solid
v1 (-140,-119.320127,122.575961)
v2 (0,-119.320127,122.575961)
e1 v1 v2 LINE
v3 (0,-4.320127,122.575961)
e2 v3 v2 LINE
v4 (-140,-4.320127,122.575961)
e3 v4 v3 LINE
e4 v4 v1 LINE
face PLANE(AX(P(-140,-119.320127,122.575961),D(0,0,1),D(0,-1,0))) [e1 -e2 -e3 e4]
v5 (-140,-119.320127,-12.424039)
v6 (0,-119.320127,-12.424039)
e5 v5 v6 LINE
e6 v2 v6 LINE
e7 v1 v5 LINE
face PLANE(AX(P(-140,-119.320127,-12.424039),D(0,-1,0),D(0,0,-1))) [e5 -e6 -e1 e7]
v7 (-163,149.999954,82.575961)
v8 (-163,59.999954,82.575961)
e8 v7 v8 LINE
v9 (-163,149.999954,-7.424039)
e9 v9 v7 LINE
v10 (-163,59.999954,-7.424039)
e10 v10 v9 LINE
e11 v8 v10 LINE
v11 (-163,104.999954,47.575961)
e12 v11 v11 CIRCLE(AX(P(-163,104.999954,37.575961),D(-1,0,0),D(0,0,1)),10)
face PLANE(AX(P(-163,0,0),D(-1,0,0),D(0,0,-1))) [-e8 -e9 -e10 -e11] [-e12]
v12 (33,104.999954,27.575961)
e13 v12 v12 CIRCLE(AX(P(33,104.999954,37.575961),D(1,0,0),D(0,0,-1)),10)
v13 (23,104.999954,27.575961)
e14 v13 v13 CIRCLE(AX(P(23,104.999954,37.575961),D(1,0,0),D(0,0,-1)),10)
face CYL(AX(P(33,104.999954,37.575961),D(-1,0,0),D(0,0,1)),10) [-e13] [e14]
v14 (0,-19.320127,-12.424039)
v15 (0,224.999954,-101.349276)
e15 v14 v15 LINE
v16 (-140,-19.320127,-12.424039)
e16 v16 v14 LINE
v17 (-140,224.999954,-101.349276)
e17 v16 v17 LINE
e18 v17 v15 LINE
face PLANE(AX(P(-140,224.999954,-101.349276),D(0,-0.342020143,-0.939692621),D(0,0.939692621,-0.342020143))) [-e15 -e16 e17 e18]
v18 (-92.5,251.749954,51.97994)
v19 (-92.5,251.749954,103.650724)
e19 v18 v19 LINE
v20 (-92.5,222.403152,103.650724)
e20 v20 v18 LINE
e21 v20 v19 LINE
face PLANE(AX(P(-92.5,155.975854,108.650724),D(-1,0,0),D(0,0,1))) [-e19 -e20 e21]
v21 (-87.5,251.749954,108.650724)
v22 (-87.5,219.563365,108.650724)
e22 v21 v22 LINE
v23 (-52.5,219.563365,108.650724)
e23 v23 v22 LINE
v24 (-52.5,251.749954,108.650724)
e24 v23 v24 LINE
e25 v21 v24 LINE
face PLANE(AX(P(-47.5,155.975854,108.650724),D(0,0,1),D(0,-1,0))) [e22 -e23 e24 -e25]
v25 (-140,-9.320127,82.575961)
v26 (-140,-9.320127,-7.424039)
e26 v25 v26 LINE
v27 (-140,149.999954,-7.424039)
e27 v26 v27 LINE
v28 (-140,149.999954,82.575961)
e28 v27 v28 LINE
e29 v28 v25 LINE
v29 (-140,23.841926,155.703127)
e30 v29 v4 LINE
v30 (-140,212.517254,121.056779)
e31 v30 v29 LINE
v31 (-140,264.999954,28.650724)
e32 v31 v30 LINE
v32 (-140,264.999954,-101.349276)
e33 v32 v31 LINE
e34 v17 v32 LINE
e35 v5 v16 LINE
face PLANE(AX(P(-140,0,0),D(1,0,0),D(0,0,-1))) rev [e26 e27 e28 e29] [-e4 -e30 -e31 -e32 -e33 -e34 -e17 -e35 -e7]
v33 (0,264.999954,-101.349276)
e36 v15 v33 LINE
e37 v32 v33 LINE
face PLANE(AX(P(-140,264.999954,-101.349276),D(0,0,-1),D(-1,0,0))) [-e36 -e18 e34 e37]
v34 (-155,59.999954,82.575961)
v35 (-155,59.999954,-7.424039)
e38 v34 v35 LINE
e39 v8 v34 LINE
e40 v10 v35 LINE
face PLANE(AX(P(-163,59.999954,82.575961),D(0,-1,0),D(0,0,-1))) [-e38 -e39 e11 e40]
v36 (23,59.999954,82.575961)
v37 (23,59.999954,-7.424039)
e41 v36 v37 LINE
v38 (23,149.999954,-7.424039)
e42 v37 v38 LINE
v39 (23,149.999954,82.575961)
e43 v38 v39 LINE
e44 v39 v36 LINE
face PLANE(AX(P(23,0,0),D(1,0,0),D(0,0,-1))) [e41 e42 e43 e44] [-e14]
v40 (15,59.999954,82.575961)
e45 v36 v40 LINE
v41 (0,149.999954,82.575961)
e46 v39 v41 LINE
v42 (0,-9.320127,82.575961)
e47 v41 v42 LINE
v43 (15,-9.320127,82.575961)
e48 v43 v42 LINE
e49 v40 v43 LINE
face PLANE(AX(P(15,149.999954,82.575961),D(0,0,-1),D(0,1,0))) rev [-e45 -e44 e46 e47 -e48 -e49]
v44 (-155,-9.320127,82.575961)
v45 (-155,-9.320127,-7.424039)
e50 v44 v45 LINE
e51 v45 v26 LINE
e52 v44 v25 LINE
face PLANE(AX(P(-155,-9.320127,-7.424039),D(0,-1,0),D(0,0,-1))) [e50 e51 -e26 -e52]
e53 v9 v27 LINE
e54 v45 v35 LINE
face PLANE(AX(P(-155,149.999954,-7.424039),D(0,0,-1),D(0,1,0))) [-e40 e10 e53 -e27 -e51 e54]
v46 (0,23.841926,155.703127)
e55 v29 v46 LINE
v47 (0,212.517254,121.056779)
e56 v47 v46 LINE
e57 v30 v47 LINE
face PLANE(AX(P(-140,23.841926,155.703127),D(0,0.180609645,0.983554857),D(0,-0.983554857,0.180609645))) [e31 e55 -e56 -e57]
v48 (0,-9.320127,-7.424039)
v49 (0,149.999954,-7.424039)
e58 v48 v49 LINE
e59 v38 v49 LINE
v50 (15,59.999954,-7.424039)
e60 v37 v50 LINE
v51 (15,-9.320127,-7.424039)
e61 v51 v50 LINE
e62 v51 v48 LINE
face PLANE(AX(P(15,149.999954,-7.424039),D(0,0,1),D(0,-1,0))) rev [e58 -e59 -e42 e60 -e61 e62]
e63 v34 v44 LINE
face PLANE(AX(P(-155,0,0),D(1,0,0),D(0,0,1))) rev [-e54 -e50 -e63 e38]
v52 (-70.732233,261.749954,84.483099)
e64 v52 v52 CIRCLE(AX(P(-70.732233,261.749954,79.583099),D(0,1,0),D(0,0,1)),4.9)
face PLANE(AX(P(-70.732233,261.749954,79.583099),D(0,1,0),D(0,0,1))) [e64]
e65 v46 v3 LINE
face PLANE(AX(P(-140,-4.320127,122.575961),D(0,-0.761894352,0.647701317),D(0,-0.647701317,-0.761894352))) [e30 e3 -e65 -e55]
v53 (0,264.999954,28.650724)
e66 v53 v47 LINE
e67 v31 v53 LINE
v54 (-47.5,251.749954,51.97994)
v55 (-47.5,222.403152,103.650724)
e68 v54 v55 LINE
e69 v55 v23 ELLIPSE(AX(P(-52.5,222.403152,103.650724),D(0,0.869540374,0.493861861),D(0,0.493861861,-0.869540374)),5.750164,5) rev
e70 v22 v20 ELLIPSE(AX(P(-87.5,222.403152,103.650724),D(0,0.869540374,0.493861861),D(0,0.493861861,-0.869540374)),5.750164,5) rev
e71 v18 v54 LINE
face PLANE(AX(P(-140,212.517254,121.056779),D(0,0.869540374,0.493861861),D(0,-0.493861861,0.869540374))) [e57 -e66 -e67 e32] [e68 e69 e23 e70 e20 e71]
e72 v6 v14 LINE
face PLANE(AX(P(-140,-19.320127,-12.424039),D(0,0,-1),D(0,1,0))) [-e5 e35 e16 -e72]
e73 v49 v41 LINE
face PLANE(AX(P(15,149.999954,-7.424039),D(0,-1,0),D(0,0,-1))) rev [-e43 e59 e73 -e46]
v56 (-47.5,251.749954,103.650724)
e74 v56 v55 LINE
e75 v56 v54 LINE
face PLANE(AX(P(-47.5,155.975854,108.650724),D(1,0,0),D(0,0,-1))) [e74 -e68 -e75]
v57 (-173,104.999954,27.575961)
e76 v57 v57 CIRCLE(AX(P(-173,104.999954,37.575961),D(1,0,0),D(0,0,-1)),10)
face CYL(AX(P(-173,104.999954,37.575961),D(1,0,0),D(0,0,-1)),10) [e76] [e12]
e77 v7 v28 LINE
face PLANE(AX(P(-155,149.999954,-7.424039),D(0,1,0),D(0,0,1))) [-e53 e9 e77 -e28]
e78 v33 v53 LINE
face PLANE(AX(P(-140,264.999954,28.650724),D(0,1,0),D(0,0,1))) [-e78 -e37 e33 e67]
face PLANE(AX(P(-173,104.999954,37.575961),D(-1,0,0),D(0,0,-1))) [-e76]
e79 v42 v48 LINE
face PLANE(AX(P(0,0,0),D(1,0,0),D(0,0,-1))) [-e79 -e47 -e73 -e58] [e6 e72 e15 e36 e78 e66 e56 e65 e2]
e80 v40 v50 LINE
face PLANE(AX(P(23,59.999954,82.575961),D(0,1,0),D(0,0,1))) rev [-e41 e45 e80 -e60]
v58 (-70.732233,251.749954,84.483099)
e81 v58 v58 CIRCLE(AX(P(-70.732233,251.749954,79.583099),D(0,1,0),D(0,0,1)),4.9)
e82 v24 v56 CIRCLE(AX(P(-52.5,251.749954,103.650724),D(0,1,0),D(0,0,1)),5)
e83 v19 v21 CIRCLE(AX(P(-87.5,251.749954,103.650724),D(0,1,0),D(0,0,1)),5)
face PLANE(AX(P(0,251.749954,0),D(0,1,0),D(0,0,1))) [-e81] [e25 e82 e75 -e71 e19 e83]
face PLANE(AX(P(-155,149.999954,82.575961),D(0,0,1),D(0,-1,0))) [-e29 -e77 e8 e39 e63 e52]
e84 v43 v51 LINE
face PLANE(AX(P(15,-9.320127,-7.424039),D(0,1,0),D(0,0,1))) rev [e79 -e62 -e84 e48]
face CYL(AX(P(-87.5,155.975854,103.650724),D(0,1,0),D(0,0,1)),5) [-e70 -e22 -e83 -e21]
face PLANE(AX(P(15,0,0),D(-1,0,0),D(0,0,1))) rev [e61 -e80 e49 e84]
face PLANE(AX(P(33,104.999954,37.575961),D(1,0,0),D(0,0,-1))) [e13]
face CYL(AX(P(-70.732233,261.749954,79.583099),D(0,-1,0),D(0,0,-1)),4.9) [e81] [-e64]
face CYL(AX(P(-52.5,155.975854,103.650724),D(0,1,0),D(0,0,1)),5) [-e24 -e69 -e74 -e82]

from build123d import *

# Parameters (mm, degrees)
BOSS_EXTRUDE1_DEPTH = 140
BOSS_EXTRUDE2_REACH = 428.071
SKETCH2_W           = 45
SKETCH2_H           = 60
FILLET3_R           = 5
SKETCH3_R           = 4.9
BOSS_EXTRUDE3_DEPTH = 10
SKETCH5_W           = 90
SKETCH5_H           = 159.320081404
BOSS_EXTRUDE4_DEPTH = 15
SKETCH6_W           = 90
SKETCH6_H           = 90
BOSS_EXTRUDE5_DEPTH = 8
SKETCH7_R           = 10
BOSS_EXTRUDE6_DEPTH = 10


with BuildPart() as part:
    # Sketch1 → Boss-Extrude1 (new body)
    with BuildSketch(Plane(origin=(0, 0, 0), x_dir=(0, 0, -1), z_dir=(1, 0, 0))):
        Polygon((-28.65072374, 264.999954135), (101.34927626, 264.999954135), (101.34927626, 224.999954135), (12.424038995, -19.320127269), (12.424038995, -119.320127269), (-122.575961005, -119.320127269), (-122.575961005, -4.320127269), (-155.703127425, 23.841926011), (-121.056779311, 212.517254187), align=None)
    extrude(amount=-BOSS_EXTRUDE1_DEPTH)

    # Boss-Extrude2: up to this face of the body (flat: up to its plane)
    boss_extrude2_end = Plane(part.part.faces().sort_by_distance((-70, 238.758604161, 74.853751525))[0])
    # Sketch2 → Boss-Extrude2 (add, up to the picked face)
    with BuildSketch(Plane(origin=(0, 251.749954135, 0), x_dir=(1, 0, 0), z_dir=(0, 1, 0)), mode=Mode.PRIVATE) as boss_extrude2_sk1:
        with Locations((-70, -78.65072374)):
            Rectangle(SKETCH2_W, SKETCH2_H)
    boss_extrude2_tool1 = split(extrude(boss_extrude2_sk1.sketch, amount=-BOSS_EXTRUDE2_REACH, mode=Mode.PRIVATE), bisect_by=boss_extrude2_end, keep=Keep.BOTH, mode=Mode.PRIVATE)
    add(boss_extrude2_tool1.solids().sort_by(Axis((-70, 251.749954, 78.650724), (0, -1, 0)))[0])

    # Fillet3
    fillet3_edges = [part.edges().sort_by_distance(p)[0] for p in [
        (-47.5, 235.656659485, 108.65072374),
        (-92.5, 235.656659485, 108.65072374),
    ]]
    fillet(fillet3_edges, radius=FILLET3_R)

    # Sketch3 → Boss-Extrude3 (add)
    with BuildSketch(Plane(origin=(0, 251.749954135, 0), x_dir=(1, 0, 0), z_dir=(0, 1, 0))):
        with Locations(Location((-70.732233047, -79.583098626, 0), (0, 0, 270))):
            Circle(SKETCH3_R)
    extrude(amount=BOSS_EXTRUDE3_DEPTH)

    # Sketch5 → Boss-Extrude4 (add)
    with BuildSketch(Plane(origin=(0, 0, 0), x_dir=(0, 0, -1), z_dir=(1, 0, 0))):
        with Locations((-37.575961005, 70.339913433)):
            Rectangle(SKETCH5_W, SKETCH5_H)
    boss_extrude4 = extrude(amount=BOSS_EXTRUDE4_DEPTH)

    # Sketch6 → Boss-Extrude5 (add)
    with BuildSketch(Plane(origin=(15, 0, 0), x_dir=(0, 0, -1), z_dir=(1, 0, 0))):
        with Locations((-37.575961005, 104.999954135)):
            Rectangle(SKETCH6_W, SKETCH6_H)
    boss_extrude5 = extrude(amount=BOSS_EXTRUDE5_DEPTH)

    # Sketch7 → Boss-Extrude6 (add)
    with BuildSketch(Plane(origin=(23, 0, 0), x_dir=(0, 0, -1), z_dir=(1, 0, 0))):
        with Locations((-37.575961005, 104.999954135)):
            Circle(SKETCH7_R)
    boss_extrude6 = extrude(amount=BOSS_EXTRUDE6_DEPTH)

    # Mirror1: Boss-Extrude4, Boss-Extrude5, Boss-Extrude6 across plane
    add(boss_extrude4.mirror(Plane(origin=(-70, 0, 0), x_dir=(0, 0, 1), z_dir=(1, 0, 0))))
    add(boss_extrude5.mirror(Plane(origin=(-70, 0, 0), x_dir=(0, 0, 1), z_dir=(1, 0, 0))))
    add(boss_extrude6.mirror(Plane(origin=(-70, 0, 0), x_dir=(0, 0, 1), z_dir=(1, 0, 0))))


solid = part.part
